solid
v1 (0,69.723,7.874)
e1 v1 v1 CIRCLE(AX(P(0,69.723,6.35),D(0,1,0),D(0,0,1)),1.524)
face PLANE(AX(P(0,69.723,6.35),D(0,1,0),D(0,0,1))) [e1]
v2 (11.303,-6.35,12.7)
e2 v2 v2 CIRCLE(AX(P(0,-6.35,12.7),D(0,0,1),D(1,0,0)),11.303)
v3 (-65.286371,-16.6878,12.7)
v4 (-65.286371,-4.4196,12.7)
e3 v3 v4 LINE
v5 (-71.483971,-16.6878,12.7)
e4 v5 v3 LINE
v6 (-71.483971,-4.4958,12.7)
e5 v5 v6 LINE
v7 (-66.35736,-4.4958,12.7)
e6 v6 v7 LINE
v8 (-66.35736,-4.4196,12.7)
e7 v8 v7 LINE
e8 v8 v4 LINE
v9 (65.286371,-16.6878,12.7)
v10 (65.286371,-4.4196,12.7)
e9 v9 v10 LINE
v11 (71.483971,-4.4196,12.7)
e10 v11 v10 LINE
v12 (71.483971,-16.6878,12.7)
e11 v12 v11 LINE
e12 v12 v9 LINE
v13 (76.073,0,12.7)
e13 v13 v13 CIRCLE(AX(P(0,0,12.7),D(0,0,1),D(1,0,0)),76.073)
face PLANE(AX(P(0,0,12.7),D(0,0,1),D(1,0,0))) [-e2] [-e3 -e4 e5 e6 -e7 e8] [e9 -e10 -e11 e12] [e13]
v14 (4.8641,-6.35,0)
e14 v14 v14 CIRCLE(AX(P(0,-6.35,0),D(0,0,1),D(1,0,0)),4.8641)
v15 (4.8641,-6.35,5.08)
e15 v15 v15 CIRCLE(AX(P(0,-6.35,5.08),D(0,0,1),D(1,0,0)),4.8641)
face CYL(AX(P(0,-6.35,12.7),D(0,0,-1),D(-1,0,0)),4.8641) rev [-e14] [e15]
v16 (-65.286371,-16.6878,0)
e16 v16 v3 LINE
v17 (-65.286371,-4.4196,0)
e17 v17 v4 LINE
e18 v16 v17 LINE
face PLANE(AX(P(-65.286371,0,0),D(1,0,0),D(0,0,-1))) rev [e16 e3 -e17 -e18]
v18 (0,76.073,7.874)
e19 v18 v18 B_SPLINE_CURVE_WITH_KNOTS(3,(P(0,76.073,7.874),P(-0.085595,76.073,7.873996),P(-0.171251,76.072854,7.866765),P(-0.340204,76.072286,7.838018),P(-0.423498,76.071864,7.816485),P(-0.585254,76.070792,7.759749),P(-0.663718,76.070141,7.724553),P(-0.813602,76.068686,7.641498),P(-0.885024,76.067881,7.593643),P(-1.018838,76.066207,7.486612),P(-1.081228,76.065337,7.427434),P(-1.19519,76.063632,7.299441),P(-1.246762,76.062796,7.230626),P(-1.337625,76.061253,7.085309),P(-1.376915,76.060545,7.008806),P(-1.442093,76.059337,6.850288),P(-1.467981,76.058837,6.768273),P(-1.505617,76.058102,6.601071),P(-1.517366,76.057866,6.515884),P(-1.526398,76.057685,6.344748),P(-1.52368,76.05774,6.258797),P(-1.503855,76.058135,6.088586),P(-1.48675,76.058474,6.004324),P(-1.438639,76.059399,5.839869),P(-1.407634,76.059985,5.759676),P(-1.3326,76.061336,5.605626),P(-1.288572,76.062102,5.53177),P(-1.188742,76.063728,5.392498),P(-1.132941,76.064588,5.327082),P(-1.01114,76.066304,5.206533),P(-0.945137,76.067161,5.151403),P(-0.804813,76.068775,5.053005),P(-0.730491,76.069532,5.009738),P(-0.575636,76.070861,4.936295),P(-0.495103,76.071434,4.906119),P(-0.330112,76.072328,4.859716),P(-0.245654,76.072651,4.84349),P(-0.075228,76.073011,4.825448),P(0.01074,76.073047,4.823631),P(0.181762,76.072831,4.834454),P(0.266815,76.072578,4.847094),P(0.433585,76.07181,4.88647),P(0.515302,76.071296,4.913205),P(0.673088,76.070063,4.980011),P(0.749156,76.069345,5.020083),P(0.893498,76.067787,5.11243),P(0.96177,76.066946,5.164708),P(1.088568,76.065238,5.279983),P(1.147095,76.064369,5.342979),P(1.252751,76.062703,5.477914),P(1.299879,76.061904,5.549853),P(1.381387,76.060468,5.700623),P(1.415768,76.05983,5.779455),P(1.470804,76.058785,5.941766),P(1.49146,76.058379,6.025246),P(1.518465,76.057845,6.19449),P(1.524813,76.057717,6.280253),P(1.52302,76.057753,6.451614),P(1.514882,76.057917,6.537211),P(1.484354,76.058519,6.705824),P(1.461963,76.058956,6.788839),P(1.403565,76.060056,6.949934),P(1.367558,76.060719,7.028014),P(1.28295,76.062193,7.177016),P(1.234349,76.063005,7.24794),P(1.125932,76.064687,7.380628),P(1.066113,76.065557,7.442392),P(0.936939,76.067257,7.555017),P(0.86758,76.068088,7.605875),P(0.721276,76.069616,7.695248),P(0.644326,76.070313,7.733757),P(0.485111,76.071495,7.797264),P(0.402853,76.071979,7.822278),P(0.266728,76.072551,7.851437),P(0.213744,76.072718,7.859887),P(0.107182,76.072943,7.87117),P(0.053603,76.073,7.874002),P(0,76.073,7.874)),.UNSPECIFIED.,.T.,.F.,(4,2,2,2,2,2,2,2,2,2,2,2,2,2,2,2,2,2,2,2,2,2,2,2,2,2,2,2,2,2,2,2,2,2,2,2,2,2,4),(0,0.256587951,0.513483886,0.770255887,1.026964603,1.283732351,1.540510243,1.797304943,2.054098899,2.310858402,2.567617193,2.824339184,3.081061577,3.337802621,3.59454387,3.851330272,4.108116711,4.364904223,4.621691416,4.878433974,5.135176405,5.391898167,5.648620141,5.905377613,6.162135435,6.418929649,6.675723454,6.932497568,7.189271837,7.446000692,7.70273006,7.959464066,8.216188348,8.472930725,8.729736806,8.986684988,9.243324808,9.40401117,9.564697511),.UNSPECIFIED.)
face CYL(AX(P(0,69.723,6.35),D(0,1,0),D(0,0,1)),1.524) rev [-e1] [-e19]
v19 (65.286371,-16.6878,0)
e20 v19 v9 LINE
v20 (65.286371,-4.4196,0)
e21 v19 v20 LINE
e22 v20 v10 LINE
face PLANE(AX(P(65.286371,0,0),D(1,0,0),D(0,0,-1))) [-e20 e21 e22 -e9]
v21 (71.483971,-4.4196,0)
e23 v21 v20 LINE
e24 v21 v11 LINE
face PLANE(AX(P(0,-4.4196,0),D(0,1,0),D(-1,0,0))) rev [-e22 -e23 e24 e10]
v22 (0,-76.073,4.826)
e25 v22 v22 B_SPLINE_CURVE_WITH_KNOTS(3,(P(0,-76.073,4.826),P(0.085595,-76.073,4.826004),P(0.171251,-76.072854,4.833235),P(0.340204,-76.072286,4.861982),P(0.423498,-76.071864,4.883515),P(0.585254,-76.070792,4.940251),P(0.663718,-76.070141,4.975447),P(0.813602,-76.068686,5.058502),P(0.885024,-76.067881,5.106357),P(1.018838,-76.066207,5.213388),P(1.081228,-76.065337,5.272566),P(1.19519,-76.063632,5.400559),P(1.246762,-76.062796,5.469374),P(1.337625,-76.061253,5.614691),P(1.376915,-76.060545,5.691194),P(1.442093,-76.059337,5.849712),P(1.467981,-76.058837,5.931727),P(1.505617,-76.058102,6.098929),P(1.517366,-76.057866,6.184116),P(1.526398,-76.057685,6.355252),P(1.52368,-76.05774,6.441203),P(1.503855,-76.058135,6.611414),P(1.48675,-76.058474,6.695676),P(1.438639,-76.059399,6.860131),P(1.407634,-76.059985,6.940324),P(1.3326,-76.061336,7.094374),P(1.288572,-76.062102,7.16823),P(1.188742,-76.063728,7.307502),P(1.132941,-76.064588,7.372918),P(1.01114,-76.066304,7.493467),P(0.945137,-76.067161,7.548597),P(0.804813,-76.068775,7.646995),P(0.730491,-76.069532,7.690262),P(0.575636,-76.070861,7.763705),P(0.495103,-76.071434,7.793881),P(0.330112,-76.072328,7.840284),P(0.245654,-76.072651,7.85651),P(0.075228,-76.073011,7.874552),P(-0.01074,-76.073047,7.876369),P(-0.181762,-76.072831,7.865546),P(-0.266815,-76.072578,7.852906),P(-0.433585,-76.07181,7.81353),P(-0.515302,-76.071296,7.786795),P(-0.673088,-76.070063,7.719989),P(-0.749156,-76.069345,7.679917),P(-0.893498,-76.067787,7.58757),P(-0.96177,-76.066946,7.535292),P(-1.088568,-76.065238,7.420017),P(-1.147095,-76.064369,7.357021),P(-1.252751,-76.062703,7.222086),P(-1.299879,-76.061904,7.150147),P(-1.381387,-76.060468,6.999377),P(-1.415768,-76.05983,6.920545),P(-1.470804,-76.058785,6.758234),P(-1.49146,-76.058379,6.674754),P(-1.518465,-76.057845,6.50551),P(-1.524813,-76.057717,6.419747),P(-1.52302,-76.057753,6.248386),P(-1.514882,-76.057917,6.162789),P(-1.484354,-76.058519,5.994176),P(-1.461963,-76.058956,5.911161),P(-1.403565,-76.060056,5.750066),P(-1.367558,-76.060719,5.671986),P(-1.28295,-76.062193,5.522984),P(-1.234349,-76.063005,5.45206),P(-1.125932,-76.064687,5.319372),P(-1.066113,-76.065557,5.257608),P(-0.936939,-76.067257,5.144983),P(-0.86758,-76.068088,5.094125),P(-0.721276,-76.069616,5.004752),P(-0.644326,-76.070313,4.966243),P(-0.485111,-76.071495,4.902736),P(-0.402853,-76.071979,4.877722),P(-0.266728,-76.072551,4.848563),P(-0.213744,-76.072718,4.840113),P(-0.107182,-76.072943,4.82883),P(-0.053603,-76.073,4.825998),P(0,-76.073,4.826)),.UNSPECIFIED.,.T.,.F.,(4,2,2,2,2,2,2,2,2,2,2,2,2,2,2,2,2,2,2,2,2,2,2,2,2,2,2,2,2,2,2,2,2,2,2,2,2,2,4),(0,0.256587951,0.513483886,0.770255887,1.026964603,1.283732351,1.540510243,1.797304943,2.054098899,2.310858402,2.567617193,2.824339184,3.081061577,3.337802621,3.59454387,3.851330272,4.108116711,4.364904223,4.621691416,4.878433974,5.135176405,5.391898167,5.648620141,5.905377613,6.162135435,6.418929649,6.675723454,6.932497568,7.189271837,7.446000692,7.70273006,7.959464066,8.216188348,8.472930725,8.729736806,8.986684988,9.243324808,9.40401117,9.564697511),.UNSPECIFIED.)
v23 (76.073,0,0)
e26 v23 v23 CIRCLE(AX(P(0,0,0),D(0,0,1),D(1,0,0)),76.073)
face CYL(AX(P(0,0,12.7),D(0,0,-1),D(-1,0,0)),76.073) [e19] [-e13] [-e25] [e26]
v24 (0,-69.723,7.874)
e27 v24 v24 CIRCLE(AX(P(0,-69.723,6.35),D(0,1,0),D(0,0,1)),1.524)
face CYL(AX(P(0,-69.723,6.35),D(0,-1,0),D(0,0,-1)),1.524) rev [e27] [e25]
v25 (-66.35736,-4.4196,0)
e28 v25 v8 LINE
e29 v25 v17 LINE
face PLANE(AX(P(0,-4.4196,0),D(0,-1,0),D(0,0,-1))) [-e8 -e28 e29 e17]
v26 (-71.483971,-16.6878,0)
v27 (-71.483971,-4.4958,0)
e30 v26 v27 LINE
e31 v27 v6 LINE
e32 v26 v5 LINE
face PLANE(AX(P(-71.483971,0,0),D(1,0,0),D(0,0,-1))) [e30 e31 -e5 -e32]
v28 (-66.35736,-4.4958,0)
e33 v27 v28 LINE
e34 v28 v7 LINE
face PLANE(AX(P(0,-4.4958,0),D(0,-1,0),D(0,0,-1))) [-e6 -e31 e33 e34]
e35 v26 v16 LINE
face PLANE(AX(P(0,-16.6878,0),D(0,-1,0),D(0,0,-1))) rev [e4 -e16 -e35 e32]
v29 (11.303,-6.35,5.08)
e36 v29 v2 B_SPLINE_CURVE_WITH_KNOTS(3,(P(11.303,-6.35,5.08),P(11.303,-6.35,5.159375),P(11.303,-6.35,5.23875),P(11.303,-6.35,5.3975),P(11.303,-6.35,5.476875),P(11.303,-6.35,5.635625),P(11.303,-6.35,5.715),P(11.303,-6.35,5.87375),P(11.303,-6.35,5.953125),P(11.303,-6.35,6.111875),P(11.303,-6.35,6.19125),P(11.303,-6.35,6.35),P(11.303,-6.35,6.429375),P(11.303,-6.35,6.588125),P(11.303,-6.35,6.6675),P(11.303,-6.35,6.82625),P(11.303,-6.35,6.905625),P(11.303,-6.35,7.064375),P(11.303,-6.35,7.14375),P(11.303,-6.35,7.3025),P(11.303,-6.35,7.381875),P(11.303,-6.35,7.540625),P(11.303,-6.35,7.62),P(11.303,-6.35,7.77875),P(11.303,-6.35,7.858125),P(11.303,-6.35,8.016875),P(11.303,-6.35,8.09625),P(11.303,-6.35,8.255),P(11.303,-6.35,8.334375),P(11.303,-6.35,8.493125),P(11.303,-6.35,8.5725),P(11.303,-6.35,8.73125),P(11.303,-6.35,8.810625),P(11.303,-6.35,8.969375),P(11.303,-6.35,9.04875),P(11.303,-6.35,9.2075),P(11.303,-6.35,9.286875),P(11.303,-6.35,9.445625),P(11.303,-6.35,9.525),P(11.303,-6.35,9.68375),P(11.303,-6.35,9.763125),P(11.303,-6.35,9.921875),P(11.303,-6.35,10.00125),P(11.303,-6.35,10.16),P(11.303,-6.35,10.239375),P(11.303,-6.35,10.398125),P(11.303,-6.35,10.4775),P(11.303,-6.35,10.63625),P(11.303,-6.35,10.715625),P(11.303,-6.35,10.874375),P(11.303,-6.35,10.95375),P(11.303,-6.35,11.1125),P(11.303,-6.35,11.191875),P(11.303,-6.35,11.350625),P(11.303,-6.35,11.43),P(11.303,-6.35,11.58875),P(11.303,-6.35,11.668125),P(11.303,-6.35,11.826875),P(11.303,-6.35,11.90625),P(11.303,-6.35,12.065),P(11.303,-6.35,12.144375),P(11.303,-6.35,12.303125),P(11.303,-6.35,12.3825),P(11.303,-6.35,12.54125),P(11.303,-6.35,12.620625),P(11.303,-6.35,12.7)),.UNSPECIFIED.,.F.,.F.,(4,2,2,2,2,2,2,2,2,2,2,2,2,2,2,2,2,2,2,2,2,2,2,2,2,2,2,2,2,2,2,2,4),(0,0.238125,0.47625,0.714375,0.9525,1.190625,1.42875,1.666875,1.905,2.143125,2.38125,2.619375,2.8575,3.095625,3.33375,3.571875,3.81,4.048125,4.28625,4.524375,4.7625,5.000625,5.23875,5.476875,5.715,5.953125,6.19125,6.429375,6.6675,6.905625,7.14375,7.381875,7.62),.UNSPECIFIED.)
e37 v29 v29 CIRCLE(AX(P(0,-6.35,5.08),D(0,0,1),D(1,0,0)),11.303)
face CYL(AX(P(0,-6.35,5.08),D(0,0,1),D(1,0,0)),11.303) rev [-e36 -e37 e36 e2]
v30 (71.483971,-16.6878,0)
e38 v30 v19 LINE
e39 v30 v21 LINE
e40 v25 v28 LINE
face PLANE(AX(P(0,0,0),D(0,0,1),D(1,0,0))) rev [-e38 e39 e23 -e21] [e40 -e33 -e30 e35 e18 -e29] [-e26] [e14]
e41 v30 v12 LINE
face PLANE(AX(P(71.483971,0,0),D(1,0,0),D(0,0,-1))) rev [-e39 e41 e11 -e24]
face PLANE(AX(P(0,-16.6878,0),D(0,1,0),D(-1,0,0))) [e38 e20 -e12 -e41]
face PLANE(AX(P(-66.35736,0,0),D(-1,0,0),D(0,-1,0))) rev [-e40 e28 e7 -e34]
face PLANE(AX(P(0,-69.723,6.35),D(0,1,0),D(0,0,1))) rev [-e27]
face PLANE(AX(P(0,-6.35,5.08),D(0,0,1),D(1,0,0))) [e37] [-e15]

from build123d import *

# Parameters (mm, degrees)
SKETCH1_R           = 76.073
SKETCH1_R_2         = 4.8641
BOSS_EXTRUDE1_DEPTH = 12.7
SKETCH2_W           = 6.1976
SKETCH2_H           = 12.2682
CUT_EXTRUDE1_DEPTH  = 109.330478897
SKETCH3_R           = 11.303
CUT_EXTRUDE2_DEPTH  = 7.62
CUT_EXTRUDE3_START  = 76.073
SKETCH5_R           = 1.524
CUT_EXTRUDE3_DEPTH  = 6.35
CUT_EXTRUDE4_START  = -69.723
SKETCH6_R           = 1.524
CUT_EXTRUDE4_DEPTH  = 6.35


with BuildPart() as part:
    # Sketch1 → Boss-Extrude1 (new body)
    with BuildSketch(Plane.XY):
        Circle(SKETCH1_R)
        with Locations((0, -6.35)):
            Circle(SKETCH1_R_2, mode=Mode.SUBTRACT)
    extrude(amount=BOSS_EXTRUDE1_DEPTH)

    # Sketch2 → Cut-Extrude1 (cut, through all)
    with BuildSketch(Plane.XY.offset(12.7)):
        with Locations((68.3851714, -10.5537)):
            Rectangle(SKETCH2_W, SKETCH2_H)
        Polygon((-71.4839714, -4.4958), (-71.4839714, -16.6878), (-65.2863714, -16.6878), (-65.2863714, -4.4196), (-66.357360373, -4.4196), (-66.357360373, -4.4958), align=None)
    extrude(amount=-CUT_EXTRUDE1_DEPTH, mode=Mode.SUBTRACT)

    # Sketch3 → Cut-Extrude2 (cut)
    with BuildSketch(Plane.XY.offset(12.7)):
        with Locations((0, -6.35)):
            Circle(SKETCH3_R)
    extrude(amount=-CUT_EXTRUDE2_DEPTH, mode=Mode.SUBTRACT)

    # Sketch5 → Cut-Extrude3 (cut)
    with BuildSketch(Plane(origin=(0, 0, 0), x_dir=(1, 0, 0), z_dir=(0, 1, 0)).offset(CUT_EXTRUDE3_START)):
        with Locations(Location((0, -6.35, 0), (0, 0, 270))):
            Circle(SKETCH5_R)
    extrude(amount=-CUT_EXTRUDE3_DEPTH, mode=Mode.SUBTRACT)

    # Sketch6 → Cut-Extrude4 (cut)
    with BuildSketch(Plane(origin=(0, 0, 0), x_dir=(1, 0, 0), z_dir=(0, 1, 0)).offset(CUT_EXTRUDE4_START)):
        with Locations(Location((0, -6.35, 0), (0, 0, 270))):
            Circle(SKETCH6_R)
    extrude(amount=-CUT_EXTRUDE4_DEPTH, mode=Mode.SUBTRACT)


solid = part.part
